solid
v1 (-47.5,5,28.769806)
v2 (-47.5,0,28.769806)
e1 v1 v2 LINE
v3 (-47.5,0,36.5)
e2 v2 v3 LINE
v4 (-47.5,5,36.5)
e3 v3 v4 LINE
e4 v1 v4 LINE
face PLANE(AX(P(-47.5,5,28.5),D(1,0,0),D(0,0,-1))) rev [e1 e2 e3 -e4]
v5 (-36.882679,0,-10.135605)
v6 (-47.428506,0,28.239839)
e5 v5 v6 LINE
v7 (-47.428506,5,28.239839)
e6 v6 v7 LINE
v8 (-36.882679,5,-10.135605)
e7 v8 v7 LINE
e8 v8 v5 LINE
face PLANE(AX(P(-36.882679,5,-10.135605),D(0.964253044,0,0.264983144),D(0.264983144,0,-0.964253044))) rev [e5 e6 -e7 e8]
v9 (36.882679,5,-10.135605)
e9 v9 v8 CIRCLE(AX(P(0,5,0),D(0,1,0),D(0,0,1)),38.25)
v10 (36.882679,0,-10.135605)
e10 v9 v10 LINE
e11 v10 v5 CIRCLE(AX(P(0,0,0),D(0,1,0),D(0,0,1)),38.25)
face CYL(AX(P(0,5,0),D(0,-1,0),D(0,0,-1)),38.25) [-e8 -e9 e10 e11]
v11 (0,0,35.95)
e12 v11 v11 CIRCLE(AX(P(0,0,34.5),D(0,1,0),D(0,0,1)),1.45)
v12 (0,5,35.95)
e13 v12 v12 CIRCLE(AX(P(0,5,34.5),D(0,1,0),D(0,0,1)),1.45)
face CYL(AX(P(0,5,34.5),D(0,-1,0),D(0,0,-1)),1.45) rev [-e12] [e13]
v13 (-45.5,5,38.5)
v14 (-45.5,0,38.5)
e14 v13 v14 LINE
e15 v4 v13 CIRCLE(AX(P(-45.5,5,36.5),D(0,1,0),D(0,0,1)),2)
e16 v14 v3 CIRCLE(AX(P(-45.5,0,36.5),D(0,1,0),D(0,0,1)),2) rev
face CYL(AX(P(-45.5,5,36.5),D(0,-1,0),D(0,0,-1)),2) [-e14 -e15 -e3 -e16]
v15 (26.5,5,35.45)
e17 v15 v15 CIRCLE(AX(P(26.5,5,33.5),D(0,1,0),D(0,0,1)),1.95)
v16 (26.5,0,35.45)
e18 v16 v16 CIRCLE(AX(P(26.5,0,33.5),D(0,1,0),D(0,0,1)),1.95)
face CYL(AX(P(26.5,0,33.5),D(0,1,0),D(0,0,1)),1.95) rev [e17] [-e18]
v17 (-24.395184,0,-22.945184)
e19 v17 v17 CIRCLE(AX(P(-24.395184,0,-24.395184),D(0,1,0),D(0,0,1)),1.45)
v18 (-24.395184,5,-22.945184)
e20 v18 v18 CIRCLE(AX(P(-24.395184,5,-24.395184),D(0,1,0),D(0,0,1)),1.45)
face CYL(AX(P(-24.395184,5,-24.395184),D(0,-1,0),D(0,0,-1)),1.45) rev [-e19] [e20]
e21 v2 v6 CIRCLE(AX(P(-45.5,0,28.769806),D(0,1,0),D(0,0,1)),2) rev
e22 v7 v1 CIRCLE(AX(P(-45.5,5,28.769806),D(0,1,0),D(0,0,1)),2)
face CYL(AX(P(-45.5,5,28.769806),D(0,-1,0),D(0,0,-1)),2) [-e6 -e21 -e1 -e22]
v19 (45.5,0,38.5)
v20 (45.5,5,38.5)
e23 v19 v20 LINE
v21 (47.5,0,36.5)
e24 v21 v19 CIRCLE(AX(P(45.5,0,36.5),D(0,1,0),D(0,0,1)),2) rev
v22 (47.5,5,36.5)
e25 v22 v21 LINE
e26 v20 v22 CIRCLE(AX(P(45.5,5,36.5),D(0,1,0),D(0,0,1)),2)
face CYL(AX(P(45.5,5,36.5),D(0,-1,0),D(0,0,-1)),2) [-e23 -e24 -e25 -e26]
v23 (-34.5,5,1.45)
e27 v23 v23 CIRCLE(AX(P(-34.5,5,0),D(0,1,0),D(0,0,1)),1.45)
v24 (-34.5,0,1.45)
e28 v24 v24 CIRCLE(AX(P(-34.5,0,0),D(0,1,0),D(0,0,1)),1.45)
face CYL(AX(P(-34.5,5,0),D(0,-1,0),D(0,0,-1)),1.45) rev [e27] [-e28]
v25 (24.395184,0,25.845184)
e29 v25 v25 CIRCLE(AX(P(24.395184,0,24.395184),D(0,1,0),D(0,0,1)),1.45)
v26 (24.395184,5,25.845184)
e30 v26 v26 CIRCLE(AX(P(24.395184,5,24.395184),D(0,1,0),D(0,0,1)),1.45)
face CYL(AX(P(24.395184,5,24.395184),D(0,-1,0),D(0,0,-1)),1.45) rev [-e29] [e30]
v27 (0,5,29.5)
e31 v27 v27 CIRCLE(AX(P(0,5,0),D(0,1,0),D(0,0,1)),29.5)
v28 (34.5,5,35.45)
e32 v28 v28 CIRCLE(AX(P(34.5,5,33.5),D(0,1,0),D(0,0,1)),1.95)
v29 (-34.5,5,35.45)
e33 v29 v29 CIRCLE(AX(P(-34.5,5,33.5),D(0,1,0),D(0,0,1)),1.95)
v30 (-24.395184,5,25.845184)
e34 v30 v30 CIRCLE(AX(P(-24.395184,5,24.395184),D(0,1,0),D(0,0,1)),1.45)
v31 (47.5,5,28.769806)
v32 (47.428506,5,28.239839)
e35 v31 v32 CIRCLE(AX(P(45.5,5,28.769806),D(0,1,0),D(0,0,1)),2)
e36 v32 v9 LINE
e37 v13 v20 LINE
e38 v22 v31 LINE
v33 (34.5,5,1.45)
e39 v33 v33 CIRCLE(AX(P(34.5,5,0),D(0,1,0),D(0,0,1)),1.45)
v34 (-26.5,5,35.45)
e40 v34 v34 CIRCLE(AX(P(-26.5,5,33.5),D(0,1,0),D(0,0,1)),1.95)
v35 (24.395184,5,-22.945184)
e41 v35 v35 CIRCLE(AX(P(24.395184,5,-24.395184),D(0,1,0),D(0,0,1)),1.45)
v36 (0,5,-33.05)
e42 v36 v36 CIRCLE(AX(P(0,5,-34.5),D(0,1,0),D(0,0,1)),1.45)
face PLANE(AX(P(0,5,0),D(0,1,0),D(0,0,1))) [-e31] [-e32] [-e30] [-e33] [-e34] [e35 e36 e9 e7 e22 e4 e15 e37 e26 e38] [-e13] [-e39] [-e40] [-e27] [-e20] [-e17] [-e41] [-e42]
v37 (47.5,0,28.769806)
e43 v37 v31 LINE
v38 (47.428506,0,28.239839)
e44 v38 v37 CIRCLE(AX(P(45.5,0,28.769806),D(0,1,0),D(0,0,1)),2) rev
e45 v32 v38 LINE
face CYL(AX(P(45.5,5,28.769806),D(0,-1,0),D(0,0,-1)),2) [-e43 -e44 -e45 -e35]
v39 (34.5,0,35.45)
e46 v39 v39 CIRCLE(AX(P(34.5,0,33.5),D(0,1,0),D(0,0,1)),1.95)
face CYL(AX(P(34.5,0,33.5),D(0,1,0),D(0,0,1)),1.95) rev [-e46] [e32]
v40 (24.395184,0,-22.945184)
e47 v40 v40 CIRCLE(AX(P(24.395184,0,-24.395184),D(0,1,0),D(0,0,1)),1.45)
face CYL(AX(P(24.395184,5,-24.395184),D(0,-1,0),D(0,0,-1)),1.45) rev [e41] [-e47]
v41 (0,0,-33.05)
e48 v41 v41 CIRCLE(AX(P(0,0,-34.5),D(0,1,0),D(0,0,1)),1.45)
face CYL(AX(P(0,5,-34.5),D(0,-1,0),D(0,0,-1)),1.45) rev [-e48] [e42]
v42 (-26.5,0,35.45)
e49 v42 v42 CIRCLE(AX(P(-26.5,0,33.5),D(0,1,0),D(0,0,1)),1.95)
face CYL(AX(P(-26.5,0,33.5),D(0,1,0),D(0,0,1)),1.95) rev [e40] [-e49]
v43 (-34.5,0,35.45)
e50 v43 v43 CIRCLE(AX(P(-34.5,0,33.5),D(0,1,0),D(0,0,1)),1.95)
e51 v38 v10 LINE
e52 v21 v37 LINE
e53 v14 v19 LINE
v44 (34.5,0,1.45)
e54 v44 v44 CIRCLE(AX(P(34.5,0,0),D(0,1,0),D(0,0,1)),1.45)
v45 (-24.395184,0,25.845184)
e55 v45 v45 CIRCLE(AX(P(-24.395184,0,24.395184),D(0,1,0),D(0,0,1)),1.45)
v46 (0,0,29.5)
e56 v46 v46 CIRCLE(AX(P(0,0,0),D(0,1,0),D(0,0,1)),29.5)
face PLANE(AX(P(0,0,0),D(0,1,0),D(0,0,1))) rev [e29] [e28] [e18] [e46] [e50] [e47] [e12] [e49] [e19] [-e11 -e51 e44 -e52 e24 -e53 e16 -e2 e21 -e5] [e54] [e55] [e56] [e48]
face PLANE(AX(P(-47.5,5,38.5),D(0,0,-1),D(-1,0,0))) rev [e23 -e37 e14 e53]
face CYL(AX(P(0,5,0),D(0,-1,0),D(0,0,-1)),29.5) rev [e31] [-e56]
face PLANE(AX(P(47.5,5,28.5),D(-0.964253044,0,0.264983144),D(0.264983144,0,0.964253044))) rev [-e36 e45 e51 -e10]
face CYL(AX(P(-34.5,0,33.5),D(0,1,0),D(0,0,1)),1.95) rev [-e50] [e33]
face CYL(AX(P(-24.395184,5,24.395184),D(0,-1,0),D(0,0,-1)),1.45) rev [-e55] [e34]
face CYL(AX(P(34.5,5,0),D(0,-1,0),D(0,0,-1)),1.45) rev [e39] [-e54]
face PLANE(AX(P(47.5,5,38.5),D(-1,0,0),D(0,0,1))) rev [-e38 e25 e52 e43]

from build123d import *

# Parameters (mm, degrees)
SKETCH_1_R          = 29.5
SKETCH_1_R_2        = 1.45
EXTRUDE_1_DEPTH     = 5
SKETCH_2_R          = 1.95
CUT_EXTRUDE_1_DEPTH = 62.347371582
FILLET_1_R          = 2


with BuildPart() as part:
    # 草图1 → 凸台-拉伸1 (new body)
    with BuildSketch(Plane(origin=(0, 0, 0), x_dir=(1, 0, 0), z_dir=(0, 1, 0))):
        with BuildLine():
            Line((-36.882678944, 10.135605257), (-47.5, -28.5))
            Line((-47.5, -28.5), (-47.5, -38.5))
            Line((-47.5, -38.5), (47.5, -38.5))
            Line((47.5, -38.5), (47.5, -28.5))
            Line((47.5, -28.5), (36.882678944, 10.135605257))
            ThreePointArc((36.882678944, 10.135605257), (0, 38.25), (-36.882678944, 10.135605257))
        make_face()
        with Locations(Location((0, 0, 0), (0, 0, 270))):
            Circle(SKETCH_1_R, mode=Mode.SUBTRACT)
        with Locations(Location((-34.5, 0, 0), (0, 0, 270))):
            Circle(SKETCH_1_R_2, mode=Mode.SUBTRACT)
        with Locations(Location((-24.395183951, 24.395183951, 0), (0, 0, 270))):
            Circle(SKETCH_1_R_2, mode=Mode.SUBTRACT)
        with Locations(Location((0, 34.5, 0), (0, 0, 270))):
            Circle(SKETCH_1_R_2, mode=Mode.SUBTRACT)
        with Locations(Location((24.395183951, 24.395183951, 0), (0, 0, 270))):
            Circle(SKETCH_1_R_2, mode=Mode.SUBTRACT)
        with Locations(Location((34.5, 0, 0), (0, 0, 270))):
            Circle(SKETCH_1_R_2, mode=Mode.SUBTRACT)
        with Locations(Location((24.395183951, -24.395183951, 0), (0, 0, 270))):
            Circle(SKETCH_1_R_2, mode=Mode.SUBTRACT)
        with Locations(Location((0, -34.5, 0), (0, 0, 270))):
            Circle(SKETCH_1_R_2, mode=Mode.SUBTRACT)
        with Locations(Location((-24.395183951, -24.395183951, 0), (0, 0, 270))):
            Circle(SKETCH_1_R_2, mode=Mode.SUBTRACT)
    extrude(amount=EXTRUDE_1_DEPTH)

    # 草图2 → 切除-拉伸1 (cut, through all)
    with BuildSketch(Plane(origin=(0, 5, 0), x_dir=(1, 0, 0), z_dir=(0, 1, 0))):
        with Locations(Location((-34.5, -33.5, 0), (0, 0, 270))):
            Circle(SKETCH_2_R)
        with Locations(Location((-26.5, -33.5, 0), (0, 0, 270))):
            Circle(SKETCH_2_R)
        with Locations(Location((26.5, -33.5, 0), (0, 0, 270))):
            Circle(SKETCH_2_R)
        with Locations(Location((34.5, -33.5, 0), (0, 0, 270))):
            Circle(SKETCH_2_R)
    extrude(amount=-CUT_EXTRUDE_1_DEPTH, mode=Mode.SUBTRACT)

    # 圆角1
    fillet_1_edges = [part.edges().sort_by_distance(p)[0] for p in [
        (47.5, 2.5, 28.5),
        (47.5, 2.5, 38.5),
        (-47.5, 2.5, 38.5),
        (-47.5, 2.5, 28.5),
    ]]
    fillet(fillet_1_edges, radius=FILLET_1_R)


solid = part.part
